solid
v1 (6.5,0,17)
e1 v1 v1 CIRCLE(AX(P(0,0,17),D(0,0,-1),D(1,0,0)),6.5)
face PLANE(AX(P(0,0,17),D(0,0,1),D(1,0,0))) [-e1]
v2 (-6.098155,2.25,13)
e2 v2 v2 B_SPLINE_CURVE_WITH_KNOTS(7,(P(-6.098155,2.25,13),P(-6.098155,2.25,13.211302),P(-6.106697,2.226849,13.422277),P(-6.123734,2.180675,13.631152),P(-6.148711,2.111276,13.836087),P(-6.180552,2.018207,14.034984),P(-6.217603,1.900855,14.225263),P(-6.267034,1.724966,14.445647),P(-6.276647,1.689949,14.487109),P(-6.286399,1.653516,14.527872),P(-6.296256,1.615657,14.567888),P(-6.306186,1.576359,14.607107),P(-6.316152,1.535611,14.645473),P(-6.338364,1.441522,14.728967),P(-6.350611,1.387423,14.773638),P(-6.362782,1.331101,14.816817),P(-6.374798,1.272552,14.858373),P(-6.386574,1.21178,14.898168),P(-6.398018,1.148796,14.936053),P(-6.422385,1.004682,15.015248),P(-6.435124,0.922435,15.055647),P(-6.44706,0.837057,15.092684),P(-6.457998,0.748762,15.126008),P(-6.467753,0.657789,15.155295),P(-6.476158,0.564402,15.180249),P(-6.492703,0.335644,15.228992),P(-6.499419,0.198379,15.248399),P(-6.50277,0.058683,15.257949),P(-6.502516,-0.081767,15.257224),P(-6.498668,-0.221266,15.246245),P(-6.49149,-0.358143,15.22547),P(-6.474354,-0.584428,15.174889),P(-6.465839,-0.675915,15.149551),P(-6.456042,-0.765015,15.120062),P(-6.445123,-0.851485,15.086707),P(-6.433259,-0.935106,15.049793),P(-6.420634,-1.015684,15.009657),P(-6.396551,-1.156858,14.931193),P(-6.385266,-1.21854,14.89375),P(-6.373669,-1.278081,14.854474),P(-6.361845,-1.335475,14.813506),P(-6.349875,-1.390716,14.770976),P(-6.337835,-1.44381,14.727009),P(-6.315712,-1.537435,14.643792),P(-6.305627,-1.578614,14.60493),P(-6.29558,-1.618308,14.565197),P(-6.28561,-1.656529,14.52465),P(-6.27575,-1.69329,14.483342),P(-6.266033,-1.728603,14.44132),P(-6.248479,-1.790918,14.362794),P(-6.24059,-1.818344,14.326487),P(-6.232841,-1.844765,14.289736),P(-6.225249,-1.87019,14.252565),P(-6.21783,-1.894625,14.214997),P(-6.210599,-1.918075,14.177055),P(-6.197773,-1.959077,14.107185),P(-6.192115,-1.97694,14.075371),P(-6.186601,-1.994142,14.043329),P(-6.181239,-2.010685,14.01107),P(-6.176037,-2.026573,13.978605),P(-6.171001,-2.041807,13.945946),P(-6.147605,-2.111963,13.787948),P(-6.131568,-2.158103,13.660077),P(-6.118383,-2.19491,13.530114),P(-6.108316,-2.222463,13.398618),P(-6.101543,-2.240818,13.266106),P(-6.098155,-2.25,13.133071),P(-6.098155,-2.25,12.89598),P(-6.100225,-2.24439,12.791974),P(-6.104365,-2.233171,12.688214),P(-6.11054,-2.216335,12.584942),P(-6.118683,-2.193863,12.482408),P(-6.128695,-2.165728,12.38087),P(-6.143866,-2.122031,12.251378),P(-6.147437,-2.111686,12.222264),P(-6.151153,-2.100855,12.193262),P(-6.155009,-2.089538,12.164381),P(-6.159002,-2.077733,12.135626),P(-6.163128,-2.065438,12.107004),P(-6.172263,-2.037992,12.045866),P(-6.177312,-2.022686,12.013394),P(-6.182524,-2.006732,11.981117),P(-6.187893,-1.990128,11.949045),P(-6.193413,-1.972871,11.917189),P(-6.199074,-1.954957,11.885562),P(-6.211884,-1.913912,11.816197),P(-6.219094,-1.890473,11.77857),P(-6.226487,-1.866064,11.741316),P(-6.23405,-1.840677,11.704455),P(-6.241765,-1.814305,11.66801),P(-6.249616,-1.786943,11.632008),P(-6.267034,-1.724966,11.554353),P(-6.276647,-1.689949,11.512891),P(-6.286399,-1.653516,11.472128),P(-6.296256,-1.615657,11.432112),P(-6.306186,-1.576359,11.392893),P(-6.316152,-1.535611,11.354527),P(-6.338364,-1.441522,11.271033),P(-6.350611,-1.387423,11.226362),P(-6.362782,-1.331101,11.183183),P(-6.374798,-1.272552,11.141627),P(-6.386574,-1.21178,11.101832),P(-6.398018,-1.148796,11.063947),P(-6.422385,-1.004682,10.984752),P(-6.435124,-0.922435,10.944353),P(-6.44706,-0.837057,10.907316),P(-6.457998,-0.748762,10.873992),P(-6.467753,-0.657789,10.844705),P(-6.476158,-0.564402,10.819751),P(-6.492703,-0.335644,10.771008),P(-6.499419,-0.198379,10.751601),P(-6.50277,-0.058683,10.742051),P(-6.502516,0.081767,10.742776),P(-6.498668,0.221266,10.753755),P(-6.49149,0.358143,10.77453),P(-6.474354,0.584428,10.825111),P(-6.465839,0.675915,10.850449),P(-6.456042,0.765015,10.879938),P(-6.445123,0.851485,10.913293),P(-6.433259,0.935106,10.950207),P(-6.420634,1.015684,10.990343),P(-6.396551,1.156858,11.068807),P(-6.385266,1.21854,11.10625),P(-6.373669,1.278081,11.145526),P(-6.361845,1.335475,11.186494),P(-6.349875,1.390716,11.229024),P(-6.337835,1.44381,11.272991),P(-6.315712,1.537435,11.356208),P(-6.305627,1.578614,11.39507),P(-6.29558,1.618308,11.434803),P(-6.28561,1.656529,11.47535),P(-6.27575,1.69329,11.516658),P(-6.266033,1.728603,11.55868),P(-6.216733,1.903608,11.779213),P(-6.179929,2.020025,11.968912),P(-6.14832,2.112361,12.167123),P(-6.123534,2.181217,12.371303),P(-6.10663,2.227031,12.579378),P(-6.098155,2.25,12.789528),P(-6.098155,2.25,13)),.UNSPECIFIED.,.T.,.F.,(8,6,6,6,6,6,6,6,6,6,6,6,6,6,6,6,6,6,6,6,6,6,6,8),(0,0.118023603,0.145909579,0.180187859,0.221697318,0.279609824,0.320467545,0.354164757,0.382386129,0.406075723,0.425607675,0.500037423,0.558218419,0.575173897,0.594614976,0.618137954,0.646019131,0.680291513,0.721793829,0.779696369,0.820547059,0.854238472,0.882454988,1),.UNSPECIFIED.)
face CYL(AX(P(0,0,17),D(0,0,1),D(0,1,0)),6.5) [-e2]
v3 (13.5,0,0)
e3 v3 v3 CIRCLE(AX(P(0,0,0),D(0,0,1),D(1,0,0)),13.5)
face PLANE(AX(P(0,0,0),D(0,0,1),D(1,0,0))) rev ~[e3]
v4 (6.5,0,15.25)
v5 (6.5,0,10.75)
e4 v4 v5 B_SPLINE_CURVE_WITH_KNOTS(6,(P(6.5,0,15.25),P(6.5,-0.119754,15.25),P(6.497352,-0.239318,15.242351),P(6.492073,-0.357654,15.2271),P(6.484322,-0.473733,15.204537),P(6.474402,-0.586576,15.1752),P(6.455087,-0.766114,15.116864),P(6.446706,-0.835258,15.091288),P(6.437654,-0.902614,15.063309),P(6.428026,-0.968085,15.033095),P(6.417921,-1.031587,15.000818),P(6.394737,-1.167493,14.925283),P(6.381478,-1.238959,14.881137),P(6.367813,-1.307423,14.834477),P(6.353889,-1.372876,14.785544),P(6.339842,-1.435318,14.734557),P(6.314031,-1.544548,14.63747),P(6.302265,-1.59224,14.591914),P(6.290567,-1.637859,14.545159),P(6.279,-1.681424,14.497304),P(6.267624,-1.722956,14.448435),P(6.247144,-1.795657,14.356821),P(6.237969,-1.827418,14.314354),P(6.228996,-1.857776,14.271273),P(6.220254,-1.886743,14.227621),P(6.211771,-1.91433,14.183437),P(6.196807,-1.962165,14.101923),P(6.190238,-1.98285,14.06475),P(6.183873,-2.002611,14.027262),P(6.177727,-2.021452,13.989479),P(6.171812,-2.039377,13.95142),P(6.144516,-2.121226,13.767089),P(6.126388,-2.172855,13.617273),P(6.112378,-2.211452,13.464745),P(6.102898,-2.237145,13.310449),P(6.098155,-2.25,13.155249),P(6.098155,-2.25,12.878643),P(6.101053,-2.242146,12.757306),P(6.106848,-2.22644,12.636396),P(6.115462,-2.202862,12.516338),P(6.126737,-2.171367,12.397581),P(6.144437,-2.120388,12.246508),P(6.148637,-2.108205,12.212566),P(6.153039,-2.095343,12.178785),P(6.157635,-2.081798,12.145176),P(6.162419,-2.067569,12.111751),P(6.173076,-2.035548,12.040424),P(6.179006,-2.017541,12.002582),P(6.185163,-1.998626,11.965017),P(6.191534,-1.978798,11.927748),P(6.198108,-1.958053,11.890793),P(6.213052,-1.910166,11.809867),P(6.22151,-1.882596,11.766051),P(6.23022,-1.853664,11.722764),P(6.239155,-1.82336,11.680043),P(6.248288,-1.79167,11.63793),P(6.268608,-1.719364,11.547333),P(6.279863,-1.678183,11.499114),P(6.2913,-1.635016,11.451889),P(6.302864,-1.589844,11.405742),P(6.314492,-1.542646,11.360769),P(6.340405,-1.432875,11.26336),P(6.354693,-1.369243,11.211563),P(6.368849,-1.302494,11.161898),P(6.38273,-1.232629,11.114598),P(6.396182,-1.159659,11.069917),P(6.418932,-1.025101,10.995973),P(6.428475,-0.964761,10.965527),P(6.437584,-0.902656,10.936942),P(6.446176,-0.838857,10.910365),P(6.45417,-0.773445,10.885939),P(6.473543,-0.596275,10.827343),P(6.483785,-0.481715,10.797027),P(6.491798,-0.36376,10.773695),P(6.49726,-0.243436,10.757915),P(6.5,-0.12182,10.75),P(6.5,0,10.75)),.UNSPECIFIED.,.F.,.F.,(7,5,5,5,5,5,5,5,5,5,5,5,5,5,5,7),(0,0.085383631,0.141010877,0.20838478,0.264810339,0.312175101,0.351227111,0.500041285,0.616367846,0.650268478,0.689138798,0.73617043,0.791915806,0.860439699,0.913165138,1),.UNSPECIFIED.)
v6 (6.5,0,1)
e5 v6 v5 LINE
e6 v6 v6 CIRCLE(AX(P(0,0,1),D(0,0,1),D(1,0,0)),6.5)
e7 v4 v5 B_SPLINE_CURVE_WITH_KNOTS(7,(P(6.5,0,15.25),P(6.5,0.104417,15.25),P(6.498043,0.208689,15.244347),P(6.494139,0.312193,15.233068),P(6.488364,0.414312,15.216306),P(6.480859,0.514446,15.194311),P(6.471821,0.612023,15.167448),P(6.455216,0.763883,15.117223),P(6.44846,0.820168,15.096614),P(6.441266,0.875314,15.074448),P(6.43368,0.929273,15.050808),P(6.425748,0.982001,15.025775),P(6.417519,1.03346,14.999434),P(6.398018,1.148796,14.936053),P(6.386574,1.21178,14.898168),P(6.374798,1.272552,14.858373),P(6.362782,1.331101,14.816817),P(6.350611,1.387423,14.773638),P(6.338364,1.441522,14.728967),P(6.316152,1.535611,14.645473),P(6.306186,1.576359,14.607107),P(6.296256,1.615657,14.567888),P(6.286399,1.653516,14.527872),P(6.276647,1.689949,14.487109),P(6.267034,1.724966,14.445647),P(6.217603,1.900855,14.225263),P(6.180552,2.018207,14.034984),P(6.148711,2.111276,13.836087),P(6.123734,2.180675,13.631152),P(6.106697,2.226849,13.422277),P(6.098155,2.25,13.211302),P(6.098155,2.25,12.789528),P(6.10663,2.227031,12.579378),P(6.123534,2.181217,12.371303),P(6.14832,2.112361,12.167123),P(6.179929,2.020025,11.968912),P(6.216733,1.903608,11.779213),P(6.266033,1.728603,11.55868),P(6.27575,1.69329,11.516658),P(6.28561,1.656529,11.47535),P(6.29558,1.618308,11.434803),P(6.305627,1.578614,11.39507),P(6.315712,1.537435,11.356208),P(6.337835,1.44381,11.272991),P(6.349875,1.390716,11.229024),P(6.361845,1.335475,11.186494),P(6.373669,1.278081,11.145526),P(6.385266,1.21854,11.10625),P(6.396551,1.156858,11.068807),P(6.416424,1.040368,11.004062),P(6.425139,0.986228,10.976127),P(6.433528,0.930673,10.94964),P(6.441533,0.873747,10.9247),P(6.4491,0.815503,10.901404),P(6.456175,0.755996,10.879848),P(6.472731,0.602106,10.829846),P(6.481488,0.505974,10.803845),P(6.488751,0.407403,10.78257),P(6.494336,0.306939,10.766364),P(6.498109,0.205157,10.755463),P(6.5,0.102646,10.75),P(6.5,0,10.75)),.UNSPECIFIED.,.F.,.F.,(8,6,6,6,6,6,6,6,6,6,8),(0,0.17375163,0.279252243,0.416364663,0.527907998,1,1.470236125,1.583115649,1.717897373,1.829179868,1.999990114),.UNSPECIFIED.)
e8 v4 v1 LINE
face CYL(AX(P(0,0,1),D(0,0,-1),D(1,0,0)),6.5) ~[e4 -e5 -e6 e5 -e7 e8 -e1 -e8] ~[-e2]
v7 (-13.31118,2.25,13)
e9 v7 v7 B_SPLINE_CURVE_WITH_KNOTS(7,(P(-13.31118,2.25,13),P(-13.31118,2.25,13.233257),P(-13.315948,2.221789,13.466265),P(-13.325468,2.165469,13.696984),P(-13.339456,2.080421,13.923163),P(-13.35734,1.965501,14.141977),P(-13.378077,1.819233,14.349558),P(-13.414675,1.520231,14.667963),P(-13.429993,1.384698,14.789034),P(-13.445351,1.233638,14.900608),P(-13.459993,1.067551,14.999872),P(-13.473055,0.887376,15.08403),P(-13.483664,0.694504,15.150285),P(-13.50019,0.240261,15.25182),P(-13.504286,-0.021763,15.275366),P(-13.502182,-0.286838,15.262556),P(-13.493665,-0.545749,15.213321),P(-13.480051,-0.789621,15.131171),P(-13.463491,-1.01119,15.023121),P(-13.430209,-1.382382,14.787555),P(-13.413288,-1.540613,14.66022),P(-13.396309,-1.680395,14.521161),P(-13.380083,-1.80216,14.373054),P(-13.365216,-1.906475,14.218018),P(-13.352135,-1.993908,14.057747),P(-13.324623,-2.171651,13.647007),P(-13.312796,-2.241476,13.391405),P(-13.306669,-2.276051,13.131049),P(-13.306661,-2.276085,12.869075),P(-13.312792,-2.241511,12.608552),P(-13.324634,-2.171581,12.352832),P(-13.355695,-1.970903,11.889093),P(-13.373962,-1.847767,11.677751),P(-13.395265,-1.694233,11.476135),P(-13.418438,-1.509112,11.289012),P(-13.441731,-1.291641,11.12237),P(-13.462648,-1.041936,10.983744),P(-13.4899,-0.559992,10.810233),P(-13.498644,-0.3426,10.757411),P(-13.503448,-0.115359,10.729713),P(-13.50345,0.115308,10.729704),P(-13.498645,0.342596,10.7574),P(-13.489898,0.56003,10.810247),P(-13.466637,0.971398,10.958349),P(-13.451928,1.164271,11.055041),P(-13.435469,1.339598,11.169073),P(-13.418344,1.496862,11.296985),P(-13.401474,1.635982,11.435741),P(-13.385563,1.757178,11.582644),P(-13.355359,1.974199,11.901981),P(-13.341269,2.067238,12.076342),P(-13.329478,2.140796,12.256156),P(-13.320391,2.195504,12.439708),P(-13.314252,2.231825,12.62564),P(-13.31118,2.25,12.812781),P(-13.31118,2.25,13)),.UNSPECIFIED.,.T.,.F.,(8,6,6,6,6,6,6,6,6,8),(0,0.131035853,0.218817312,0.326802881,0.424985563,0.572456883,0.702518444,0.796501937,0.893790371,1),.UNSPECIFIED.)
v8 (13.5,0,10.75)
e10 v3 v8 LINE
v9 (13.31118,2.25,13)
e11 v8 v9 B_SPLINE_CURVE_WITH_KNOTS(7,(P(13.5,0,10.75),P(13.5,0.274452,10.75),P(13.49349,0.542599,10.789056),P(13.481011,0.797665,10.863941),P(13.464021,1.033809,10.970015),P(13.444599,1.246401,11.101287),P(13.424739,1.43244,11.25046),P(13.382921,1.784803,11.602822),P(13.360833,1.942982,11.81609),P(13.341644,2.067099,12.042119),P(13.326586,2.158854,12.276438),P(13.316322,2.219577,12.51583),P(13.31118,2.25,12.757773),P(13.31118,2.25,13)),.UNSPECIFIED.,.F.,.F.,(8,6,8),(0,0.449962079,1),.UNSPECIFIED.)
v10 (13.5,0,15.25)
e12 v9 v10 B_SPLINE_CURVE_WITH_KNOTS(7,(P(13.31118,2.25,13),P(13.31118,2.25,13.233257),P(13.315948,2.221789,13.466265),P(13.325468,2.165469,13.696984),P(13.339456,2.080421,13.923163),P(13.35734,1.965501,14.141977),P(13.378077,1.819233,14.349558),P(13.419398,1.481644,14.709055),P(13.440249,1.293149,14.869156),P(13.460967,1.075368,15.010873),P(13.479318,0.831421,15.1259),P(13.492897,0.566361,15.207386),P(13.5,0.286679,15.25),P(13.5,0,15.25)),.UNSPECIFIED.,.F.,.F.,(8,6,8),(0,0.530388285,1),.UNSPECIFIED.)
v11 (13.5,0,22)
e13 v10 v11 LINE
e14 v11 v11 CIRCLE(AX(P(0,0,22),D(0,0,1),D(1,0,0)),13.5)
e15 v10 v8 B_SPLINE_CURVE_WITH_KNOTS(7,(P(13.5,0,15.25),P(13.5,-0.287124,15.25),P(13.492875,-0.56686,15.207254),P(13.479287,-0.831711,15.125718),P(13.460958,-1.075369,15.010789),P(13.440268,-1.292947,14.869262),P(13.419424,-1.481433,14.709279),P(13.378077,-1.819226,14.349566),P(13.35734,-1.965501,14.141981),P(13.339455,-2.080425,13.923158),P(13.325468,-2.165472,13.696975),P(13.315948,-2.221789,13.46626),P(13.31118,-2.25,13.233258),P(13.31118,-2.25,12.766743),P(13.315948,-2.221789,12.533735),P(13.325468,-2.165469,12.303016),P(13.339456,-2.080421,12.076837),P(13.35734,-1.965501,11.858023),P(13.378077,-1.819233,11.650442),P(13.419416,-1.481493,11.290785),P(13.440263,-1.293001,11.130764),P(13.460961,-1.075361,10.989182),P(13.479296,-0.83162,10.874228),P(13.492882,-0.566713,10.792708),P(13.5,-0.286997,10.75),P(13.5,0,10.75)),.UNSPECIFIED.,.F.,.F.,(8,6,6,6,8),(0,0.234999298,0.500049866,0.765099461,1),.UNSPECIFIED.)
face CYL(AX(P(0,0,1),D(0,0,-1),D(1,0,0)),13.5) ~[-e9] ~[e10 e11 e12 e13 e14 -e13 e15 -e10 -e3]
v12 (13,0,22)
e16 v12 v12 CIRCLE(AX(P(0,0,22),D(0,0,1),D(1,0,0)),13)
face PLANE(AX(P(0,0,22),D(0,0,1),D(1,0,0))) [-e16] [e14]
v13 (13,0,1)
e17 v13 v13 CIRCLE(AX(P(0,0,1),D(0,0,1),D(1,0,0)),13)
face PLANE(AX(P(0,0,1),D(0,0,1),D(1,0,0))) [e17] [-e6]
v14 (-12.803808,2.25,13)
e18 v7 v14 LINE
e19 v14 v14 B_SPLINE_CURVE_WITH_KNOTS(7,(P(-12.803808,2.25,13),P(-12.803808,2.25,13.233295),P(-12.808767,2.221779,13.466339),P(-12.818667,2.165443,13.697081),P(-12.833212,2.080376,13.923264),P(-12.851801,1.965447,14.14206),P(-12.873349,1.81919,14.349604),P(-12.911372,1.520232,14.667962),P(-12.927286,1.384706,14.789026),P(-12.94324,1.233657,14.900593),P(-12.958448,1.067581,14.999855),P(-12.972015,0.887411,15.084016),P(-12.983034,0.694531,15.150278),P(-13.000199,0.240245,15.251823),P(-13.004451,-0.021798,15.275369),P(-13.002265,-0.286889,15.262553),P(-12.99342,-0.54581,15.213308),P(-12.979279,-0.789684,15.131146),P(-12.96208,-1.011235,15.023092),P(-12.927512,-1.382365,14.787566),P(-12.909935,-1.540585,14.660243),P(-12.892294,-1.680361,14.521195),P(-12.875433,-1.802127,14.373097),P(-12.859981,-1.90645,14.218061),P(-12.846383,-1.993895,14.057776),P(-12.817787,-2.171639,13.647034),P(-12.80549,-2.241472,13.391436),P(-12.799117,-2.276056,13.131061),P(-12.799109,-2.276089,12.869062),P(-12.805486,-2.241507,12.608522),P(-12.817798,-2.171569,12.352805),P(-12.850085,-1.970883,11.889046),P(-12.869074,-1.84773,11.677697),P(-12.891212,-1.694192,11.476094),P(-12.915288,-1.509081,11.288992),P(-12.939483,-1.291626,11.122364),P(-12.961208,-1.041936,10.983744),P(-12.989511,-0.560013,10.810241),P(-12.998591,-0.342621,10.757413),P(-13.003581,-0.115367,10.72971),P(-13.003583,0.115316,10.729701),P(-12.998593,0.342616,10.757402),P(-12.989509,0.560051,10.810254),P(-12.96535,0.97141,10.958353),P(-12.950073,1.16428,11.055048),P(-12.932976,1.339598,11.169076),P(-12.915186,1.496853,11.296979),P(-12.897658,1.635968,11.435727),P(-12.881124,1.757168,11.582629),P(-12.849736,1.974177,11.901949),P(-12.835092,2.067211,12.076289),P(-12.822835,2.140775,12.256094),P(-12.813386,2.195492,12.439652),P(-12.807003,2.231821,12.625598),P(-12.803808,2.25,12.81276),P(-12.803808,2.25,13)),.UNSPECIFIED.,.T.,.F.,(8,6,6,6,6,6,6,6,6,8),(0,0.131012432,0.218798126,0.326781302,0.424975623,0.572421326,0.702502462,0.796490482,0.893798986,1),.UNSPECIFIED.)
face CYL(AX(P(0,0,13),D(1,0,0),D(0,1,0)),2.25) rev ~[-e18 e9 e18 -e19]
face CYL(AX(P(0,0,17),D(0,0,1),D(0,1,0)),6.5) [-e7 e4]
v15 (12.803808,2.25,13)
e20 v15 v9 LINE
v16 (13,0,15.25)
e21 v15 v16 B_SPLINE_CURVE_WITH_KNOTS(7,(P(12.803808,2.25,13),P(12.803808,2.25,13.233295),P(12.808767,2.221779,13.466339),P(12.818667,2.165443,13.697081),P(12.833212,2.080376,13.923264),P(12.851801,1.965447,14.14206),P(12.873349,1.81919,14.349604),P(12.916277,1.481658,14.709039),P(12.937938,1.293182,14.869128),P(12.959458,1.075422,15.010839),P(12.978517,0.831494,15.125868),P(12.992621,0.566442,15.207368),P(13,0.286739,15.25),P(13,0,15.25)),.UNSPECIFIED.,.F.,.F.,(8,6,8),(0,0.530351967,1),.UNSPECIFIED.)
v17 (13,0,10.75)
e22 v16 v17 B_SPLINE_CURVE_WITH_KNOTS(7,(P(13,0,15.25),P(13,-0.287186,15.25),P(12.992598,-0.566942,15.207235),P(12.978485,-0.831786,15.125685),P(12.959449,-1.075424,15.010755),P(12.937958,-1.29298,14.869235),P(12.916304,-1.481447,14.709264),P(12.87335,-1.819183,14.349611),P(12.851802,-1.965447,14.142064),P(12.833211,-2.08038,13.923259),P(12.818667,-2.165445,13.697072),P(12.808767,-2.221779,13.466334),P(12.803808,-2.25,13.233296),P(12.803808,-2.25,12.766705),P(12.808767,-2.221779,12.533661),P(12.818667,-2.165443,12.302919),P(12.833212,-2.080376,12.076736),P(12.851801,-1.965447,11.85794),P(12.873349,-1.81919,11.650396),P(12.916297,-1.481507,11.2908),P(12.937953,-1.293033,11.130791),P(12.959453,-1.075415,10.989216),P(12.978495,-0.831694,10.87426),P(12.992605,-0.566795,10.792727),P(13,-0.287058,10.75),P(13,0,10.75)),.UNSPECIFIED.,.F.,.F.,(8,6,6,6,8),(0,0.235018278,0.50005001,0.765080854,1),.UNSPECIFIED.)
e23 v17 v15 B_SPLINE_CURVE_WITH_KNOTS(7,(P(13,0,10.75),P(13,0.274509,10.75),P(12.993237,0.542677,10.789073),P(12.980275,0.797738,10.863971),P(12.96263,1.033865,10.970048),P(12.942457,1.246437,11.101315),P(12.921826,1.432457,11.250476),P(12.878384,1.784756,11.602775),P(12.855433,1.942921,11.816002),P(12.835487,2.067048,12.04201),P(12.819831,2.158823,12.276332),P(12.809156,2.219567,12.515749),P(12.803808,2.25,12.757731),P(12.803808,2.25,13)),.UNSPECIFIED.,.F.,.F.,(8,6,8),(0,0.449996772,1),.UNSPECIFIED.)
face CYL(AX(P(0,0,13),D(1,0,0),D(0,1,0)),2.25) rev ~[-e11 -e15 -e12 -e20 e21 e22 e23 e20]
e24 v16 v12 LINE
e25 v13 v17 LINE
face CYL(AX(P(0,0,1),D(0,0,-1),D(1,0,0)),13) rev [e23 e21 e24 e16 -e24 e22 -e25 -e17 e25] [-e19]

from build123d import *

# Parameters (mm, degrees)
SKETCH_R        = 13.5
PAD_DEPTH       = 1
SKETCH001_R     = 13.5
SKETCH001_R_2   = 13
PAD001_DEPTH    = 21
SKETCH002_R     = 6.5
PAD002_DEPTH    = 16
SKETCH003_R     = 2.25
POCKET_DEPTH    = 15.5
POCKET_FACE11_R = 6.5
PAD003_DEPTH    = 16


with BuildPart() as part:
    # Sketch → Pad (new body)
    with BuildSketch(Plane.XY):
        Circle(SKETCH_R)
    extrude(amount=PAD_DEPTH)

    # Sketch001 (on Face3 of Pad) → Pad001 (join)
    with BuildSketch(Plane.XY.offset(1)):
        Circle(SKETCH001_R)
        Circle(SKETCH001_R_2, mode=Mode.SUBTRACT)
    extrude(amount=PAD001_DEPTH)

    # Sketch002 (on Face6 of Pad001) → Pad002 (join)
    with BuildSketch(Plane.XY.offset(1)):
        Circle(SKETCH002_R)
    extrude(amount=PAD002_DEPTH)

    # Sketch003 → Pocket (cut, symmetric)
    with BuildSketch(Plane.YZ):
        with Locations((0, 13)):
            Circle(SKETCH003_R)
    extrude(amount=POCKET_DEPTH, both=True, mode=Mode.SUBTRACT)

    # Pocket Face11 → Pad003 (add)
    with BuildSketch(Plane(origin=(0, 0, 17), x_dir=(0, 1, 0), z_dir=(0, 0, 1))):
        Circle(POCKET_FACE11_R)
    extrude(amount=-PAD003_DEPTH)


solid = part.part
